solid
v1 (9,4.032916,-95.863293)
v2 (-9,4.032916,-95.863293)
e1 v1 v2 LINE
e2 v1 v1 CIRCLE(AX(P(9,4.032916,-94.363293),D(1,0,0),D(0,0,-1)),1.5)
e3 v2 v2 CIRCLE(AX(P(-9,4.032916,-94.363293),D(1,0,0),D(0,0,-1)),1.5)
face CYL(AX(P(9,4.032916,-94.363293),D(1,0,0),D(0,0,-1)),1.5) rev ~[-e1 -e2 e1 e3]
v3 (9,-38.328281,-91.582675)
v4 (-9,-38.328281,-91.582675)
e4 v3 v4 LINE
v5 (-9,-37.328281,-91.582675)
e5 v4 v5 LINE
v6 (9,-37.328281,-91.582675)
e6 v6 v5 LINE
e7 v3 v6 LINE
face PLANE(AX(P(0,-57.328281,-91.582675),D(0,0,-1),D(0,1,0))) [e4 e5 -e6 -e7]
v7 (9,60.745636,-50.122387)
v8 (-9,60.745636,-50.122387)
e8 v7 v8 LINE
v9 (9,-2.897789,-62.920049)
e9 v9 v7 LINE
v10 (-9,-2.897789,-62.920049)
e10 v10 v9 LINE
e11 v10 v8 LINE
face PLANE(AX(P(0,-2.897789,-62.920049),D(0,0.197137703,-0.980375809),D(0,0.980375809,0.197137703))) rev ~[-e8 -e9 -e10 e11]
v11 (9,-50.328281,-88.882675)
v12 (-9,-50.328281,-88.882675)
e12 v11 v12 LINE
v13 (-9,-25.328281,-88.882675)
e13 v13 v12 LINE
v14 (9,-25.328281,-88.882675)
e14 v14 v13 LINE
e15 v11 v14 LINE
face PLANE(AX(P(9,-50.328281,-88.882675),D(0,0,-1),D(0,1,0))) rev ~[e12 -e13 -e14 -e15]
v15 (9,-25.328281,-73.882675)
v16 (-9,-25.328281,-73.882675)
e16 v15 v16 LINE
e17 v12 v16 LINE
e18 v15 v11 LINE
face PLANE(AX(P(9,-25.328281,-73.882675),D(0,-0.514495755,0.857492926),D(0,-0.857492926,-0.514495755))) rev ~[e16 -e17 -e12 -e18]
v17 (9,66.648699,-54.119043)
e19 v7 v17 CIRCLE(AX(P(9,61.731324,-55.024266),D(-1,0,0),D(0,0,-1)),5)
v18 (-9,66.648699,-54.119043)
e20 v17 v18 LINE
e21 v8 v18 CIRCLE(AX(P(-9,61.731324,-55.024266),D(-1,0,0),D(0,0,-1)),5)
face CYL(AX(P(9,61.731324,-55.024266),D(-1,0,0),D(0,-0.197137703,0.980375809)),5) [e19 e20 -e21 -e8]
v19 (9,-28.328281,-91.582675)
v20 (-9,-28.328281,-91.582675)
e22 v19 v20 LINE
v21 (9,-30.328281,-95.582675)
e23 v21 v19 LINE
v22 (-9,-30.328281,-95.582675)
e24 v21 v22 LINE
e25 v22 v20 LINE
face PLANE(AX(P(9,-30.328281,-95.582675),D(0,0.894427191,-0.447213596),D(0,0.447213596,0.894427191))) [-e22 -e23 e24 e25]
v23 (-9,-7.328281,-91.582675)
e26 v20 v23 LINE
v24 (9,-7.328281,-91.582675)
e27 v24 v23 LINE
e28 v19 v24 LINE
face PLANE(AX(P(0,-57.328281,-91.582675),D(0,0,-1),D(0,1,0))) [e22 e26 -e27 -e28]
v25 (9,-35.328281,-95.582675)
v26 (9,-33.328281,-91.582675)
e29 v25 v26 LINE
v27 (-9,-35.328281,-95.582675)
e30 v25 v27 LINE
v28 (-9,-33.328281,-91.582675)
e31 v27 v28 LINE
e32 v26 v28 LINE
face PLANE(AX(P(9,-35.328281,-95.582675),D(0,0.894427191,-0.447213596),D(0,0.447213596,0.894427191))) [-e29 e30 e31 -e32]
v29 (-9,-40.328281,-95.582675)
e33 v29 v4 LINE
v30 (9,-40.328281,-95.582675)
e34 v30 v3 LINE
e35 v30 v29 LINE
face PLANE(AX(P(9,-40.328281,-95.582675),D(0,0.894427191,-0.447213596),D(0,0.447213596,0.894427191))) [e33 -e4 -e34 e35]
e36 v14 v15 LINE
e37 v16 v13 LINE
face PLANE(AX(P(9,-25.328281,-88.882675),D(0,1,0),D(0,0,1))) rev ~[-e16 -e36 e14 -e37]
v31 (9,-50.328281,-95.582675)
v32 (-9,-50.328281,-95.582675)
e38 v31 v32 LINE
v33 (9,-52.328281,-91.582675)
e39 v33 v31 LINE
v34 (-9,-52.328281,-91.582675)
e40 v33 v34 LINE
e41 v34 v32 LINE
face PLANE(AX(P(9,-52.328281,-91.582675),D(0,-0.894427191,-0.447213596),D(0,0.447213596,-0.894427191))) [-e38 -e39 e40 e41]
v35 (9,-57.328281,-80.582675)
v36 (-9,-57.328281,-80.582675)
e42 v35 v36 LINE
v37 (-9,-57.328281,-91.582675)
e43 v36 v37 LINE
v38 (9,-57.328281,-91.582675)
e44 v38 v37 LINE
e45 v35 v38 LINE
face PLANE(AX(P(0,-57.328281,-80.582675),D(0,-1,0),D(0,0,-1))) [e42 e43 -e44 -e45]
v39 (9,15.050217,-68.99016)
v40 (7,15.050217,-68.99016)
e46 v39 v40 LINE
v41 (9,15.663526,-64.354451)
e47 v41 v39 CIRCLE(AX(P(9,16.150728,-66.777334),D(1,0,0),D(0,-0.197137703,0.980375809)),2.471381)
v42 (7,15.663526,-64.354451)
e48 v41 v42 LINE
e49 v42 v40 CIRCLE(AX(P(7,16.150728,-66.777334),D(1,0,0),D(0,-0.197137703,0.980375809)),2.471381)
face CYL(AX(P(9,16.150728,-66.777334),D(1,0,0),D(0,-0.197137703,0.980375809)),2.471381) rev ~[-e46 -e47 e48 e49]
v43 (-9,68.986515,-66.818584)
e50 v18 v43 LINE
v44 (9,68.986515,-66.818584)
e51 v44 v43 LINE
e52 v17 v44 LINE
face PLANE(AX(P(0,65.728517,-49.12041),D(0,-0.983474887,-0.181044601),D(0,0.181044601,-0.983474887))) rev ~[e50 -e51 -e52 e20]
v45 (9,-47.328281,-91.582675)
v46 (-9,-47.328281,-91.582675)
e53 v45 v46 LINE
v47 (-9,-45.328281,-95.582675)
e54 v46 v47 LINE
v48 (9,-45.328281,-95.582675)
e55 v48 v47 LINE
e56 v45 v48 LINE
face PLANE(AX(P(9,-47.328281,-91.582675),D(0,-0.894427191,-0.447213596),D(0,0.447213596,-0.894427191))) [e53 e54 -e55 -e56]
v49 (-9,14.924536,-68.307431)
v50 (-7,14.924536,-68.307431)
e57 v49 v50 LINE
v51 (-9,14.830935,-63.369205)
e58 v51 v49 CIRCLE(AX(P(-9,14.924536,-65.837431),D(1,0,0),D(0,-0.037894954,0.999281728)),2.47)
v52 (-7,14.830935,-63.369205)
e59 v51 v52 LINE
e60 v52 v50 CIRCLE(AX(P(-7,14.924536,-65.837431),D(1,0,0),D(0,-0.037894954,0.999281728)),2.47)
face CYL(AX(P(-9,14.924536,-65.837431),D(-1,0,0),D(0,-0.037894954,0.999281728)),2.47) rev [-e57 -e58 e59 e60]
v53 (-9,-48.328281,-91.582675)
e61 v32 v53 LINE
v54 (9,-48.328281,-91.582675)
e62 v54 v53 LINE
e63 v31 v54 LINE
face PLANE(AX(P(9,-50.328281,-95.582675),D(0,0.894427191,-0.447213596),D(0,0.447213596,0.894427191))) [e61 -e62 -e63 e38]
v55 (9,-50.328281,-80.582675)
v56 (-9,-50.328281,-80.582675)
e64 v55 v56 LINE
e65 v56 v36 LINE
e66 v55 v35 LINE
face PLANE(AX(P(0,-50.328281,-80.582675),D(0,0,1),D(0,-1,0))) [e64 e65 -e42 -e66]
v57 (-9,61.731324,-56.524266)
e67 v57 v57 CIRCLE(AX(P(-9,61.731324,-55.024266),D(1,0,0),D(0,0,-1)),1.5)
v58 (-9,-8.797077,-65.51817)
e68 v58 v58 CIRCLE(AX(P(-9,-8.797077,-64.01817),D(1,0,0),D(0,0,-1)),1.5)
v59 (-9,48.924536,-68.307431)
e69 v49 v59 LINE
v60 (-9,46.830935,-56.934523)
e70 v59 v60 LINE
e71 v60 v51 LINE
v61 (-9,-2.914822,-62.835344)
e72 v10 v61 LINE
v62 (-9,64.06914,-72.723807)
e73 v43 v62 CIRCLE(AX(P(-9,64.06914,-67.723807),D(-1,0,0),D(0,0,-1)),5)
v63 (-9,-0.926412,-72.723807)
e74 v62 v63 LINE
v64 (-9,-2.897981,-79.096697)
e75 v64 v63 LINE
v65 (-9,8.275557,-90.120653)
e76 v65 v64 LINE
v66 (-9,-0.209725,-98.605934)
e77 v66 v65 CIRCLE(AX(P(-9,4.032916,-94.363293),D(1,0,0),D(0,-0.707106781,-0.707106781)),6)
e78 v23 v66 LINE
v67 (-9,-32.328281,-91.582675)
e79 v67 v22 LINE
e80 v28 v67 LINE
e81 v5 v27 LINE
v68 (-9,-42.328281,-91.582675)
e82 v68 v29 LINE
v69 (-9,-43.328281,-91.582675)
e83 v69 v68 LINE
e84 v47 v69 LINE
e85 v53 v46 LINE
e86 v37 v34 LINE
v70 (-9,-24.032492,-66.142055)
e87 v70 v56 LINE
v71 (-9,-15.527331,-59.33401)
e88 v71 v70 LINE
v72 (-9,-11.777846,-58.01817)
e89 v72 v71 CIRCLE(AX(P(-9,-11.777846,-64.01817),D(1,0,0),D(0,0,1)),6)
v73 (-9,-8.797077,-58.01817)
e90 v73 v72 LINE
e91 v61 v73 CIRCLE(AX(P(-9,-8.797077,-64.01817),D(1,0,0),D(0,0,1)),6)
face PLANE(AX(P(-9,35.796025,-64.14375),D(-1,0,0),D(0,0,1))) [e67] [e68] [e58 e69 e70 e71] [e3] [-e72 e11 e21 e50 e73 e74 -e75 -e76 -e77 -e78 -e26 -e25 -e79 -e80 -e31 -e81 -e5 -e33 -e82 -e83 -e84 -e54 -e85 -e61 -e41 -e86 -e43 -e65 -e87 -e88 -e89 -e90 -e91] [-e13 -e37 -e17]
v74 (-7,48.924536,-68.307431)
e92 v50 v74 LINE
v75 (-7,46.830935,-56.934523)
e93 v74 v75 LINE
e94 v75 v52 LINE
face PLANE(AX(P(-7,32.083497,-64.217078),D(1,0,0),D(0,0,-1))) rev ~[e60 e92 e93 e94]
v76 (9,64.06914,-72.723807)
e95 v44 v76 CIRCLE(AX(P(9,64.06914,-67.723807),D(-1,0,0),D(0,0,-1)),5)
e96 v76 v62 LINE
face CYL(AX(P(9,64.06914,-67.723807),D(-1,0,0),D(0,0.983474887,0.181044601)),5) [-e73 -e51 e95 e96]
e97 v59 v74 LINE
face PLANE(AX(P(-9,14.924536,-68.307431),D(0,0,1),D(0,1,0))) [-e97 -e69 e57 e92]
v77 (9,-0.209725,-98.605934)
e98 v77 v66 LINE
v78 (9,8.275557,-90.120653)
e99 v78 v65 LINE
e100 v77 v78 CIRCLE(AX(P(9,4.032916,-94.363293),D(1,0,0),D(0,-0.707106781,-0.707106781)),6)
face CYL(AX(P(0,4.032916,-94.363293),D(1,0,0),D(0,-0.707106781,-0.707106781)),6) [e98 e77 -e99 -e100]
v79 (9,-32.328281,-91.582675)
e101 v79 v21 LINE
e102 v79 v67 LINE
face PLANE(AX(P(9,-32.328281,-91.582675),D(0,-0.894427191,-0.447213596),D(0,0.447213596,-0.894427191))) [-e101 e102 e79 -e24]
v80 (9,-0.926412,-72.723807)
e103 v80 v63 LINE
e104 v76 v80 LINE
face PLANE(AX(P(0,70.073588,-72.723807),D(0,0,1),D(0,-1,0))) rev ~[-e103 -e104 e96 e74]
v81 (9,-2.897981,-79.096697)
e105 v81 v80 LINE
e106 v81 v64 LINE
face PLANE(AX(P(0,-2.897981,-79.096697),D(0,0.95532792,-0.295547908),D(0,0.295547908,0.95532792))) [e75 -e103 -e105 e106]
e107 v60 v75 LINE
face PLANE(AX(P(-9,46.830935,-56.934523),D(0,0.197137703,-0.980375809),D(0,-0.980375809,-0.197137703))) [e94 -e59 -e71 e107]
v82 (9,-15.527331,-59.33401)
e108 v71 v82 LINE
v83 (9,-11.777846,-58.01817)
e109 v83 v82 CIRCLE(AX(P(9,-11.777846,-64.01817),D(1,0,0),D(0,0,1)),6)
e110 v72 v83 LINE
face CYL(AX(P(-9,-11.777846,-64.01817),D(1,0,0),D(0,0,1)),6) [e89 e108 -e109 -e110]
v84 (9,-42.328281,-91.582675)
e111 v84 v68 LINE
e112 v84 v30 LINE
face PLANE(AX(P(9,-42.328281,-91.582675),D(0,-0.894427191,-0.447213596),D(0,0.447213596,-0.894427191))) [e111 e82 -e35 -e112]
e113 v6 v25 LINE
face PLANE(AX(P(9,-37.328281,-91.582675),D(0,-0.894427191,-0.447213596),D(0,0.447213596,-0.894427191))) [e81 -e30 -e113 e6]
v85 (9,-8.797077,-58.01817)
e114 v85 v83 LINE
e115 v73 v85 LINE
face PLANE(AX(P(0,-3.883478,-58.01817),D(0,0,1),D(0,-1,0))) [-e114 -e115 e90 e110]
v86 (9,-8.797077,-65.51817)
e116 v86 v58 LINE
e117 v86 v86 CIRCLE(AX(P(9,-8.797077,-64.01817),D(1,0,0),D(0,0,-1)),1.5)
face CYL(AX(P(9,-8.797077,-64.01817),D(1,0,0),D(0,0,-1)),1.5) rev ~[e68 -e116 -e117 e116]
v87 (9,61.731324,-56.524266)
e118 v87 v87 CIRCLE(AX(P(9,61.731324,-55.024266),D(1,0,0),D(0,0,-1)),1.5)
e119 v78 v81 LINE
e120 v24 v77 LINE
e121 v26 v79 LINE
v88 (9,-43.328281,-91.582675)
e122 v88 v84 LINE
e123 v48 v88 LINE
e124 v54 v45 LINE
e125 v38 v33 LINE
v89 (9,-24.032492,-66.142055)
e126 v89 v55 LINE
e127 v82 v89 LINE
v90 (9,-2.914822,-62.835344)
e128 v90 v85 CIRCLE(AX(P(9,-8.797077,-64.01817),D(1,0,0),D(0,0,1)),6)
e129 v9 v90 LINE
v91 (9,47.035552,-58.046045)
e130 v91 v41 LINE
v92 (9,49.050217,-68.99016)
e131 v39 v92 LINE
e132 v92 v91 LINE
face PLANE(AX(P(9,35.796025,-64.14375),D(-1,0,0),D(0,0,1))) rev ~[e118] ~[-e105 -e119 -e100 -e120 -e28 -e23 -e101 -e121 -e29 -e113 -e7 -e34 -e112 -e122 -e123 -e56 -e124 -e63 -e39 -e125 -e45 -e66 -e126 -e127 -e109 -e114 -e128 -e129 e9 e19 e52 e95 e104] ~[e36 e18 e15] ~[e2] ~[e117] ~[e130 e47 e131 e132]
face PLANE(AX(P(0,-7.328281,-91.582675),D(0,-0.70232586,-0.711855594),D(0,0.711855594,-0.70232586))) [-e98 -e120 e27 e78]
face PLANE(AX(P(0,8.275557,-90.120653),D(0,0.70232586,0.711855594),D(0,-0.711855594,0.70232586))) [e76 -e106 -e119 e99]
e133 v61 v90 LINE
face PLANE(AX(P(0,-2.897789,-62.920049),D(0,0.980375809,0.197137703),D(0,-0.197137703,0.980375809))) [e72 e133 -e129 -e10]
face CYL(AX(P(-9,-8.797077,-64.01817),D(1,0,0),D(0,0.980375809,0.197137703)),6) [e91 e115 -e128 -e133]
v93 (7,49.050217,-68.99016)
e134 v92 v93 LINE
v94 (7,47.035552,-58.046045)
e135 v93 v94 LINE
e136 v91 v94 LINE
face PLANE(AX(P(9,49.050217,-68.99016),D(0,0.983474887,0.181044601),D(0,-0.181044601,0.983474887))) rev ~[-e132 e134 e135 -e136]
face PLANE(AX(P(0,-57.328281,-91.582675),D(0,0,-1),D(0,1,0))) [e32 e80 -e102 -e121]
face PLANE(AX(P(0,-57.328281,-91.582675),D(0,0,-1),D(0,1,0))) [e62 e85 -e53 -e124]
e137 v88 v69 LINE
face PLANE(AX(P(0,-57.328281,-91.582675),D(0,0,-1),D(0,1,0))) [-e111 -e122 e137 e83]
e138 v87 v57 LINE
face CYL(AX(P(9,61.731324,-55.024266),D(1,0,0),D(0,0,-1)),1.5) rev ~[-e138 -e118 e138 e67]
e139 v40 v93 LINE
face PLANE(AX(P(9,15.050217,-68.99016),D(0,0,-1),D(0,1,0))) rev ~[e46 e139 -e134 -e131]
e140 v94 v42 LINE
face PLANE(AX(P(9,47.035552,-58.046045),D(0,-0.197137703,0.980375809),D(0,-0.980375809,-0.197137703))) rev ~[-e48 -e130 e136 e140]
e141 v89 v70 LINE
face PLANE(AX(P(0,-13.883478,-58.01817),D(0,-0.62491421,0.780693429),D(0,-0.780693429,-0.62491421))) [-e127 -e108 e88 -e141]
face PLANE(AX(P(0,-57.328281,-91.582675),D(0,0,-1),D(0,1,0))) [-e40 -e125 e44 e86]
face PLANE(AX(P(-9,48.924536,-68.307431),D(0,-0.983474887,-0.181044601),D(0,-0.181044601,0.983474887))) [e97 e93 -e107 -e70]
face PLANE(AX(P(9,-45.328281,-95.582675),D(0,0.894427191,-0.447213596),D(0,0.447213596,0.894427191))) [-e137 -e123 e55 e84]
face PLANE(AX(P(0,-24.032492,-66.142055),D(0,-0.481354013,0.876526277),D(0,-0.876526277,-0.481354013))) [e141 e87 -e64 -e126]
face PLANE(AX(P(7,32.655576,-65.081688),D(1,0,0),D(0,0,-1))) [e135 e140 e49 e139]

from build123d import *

# Parameters (mm, degrees)
BOSS_EXTRUDE1_DEPTH = 9
CUT_EXTRUDE1_DEPTH  = 25
BOSS_EXTRUDE2_DEPTH = 18
LPATTERN1_COUNT     = 5
LPATTERN1_PITCH     = 5
FILLET1_R           = 6
FILLET2_R           = 5
SKETCH4_R           = 1.5
CUT_EXTRUDE2_DEPTH  = 25
SKETCH5_R           = 1.5
CUT_EXTRUDE3_DEPTH  = 25
CUT_EXTRUDE4_DEPTH  = 2
CUT_EXTRUDE5_DEPTH  = 2


with BuildPart() as part:
    # Sketch1 → Boss-Extrude1 (new, symmetric)
    with BuildSketch(Plane(origin=(0, 0, 0), x_dir=(0, 0, -1), z_dir=(1, 0, 0))):
        Polygon((72.723807427, -0.926412344), (62.92004934, -2.897789372), (49.12041015, 65.728517233), (72.723807427, 70.073587656), align=None)
        Polygon((91.582675421, -7.328280768), (98.60593402, -0.20972483), (90.120652646, 8.275556545), (79.096697455, -2.897980722), (72.723807427, -0.926412344), (62.92004934, -2.897789372), (58.018170297, -3.883477885), (58.018170297, -13.883477885), (66.142055029, -24.032492461), (80.582675421, -50.328280768), (80.582675421, -57.328280768), (91.582675421, -57.328280768), align=None)
        with BuildLine():
            ThreePointArc((98.60593402, -0.20972483), (98.60593402, 8.275556545), (90.120652646, 8.275556545))
            Line((90.120652646, 8.275556545), (98.60593402, -0.20972483))
        make_face()
    extrude(amount=BOSS_EXTRUDE1_DEPTH, both=True)

    # Sketch2 → Cut-Extrude1 (cut)
    with BuildSketch(Plane(origin=(9, 0, 0), x_dir=(0, 0, -1), z_dir=(1, 0, 0))):
        Polygon((88.882675421, -50.328280768), (88.882675421, -25.328280768), (73.882675421, -25.328280768), align=None)
    extrude(amount=-CUT_EXTRUDE1_DEPTH, mode=Mode.SUBTRACT)

    # Sketch3 → Boss-Extrude2 (add)
    with BuildSketch(Plane(origin=(9, 0, 0), x_dir=(0, 0, -1), z_dir=(1, 0, 0))):
        Polygon((91.582675421, -50.328280768), (91.582675421, -52.328280768), (95.582675421, -50.328280768), align=None)
        Polygon((91.582675421, -50.328280768), (95.582675421, -50.328280768), (91.582675421, -48.328280768), align=None)
    boss_extrude2 = extrude(amount=-BOSS_EXTRUDE2_DEPTH)

    # LPattern1: Boss-Extrude2 ×5
    with Locations(*[(0, i * LPATTERN1_PITCH, 0) for i in range(1, LPATTERN1_COUNT)]):
        add(boss_extrude2)

    # Fillet1
    fillet1_edges = [part.edges().sort_by_distance(p)[0] for p in [
        (0, -13.883477885, -58.018170297),
        (0, -3.883477885, -58.018170297),
    ]]
    fillet(fillet1_edges, radius=FILLET1_R)

    # Fillet2
    fillet2_edges = [part.edges().sort_by_distance(p)[0] for p in [
        (0, 65.728517233, -49.12041015),
        (0, 70.073587656, -72.723807427),
    ]]
    fillet(fillet2_edges, radius=FILLET2_R)

    # Sketch4 → Cut-Extrude2 (cut)
    with BuildSketch(Plane(origin=(9, 0, 0), x_dir=(0, 0, -1), z_dir=(1, 0, 0))):
        with Locations((55.024265961, 61.731324387)):
            Circle(SKETCH4_R)
    extrude(amount=-CUT_EXTRUDE2_DEPTH, mode=Mode.SUBTRACT)

    # Sketch5 → Cut-Extrude3 (cut)
    with BuildSketch(Plane(origin=(9, 0, 0), x_dir=(0, 0, -1), z_dir=(1, 0, 0))):
        with Locations((94.363293333, 4.032915857)):
            Circle(SKETCH5_R)
        with Locations((64.018170297, -8.79707708)):
            Circle(SKETCH5_R)
    extrude(amount=-CUT_EXTRUDE3_DEPTH, mode=Mode.SUBTRACT)

    # Sketch6 → Cut-Extrude4 (cut)
    with BuildSketch(Plane(origin=(9, 0, 0), x_dir=(0, 0, -1), z_dir=(1, 0, 0))):
        with BuildLine():
            Line((68.990160428, 15.050217447), (68.990160428, 49.050217447))
            Line((68.990160428, 49.050217447), (58.046044594, 47.035551784))
            Line((58.046044594, 47.035551784), (64.354451081, 15.663525908))
            ThreePointArc((64.354451081, 15.663525908), (66.453192239, 13.700695979), (68.990160428, 15.050217447))
        make_face()
    extrude(amount=-CUT_EXTRUDE4_DEPTH, mode=Mode.SUBTRACT)

    # Sketch7 → Cut-Extrude5 (cut)
    with BuildSketch(Plane.ZY.offset(9)):
        with BuildLine():
            Line((-68.307430595, 48.924535996), (-56.93452281, 46.830935459))
            Line((-56.93452281, 46.830935459), (-63.369204726, 14.830935459))
            ThreePointArc((-63.369204726, 14.830935459), (-65.88423927, 12.454979569), (-68.307430595, 14.924535996))
            Line((-68.307430595, 14.924535996), (-68.307430595, 48.924535996))
        make_face()
    extrude(amount=-CUT_EXTRUDE5_DEPTH, mode=Mode.SUBTRACT)


solid = part.part
